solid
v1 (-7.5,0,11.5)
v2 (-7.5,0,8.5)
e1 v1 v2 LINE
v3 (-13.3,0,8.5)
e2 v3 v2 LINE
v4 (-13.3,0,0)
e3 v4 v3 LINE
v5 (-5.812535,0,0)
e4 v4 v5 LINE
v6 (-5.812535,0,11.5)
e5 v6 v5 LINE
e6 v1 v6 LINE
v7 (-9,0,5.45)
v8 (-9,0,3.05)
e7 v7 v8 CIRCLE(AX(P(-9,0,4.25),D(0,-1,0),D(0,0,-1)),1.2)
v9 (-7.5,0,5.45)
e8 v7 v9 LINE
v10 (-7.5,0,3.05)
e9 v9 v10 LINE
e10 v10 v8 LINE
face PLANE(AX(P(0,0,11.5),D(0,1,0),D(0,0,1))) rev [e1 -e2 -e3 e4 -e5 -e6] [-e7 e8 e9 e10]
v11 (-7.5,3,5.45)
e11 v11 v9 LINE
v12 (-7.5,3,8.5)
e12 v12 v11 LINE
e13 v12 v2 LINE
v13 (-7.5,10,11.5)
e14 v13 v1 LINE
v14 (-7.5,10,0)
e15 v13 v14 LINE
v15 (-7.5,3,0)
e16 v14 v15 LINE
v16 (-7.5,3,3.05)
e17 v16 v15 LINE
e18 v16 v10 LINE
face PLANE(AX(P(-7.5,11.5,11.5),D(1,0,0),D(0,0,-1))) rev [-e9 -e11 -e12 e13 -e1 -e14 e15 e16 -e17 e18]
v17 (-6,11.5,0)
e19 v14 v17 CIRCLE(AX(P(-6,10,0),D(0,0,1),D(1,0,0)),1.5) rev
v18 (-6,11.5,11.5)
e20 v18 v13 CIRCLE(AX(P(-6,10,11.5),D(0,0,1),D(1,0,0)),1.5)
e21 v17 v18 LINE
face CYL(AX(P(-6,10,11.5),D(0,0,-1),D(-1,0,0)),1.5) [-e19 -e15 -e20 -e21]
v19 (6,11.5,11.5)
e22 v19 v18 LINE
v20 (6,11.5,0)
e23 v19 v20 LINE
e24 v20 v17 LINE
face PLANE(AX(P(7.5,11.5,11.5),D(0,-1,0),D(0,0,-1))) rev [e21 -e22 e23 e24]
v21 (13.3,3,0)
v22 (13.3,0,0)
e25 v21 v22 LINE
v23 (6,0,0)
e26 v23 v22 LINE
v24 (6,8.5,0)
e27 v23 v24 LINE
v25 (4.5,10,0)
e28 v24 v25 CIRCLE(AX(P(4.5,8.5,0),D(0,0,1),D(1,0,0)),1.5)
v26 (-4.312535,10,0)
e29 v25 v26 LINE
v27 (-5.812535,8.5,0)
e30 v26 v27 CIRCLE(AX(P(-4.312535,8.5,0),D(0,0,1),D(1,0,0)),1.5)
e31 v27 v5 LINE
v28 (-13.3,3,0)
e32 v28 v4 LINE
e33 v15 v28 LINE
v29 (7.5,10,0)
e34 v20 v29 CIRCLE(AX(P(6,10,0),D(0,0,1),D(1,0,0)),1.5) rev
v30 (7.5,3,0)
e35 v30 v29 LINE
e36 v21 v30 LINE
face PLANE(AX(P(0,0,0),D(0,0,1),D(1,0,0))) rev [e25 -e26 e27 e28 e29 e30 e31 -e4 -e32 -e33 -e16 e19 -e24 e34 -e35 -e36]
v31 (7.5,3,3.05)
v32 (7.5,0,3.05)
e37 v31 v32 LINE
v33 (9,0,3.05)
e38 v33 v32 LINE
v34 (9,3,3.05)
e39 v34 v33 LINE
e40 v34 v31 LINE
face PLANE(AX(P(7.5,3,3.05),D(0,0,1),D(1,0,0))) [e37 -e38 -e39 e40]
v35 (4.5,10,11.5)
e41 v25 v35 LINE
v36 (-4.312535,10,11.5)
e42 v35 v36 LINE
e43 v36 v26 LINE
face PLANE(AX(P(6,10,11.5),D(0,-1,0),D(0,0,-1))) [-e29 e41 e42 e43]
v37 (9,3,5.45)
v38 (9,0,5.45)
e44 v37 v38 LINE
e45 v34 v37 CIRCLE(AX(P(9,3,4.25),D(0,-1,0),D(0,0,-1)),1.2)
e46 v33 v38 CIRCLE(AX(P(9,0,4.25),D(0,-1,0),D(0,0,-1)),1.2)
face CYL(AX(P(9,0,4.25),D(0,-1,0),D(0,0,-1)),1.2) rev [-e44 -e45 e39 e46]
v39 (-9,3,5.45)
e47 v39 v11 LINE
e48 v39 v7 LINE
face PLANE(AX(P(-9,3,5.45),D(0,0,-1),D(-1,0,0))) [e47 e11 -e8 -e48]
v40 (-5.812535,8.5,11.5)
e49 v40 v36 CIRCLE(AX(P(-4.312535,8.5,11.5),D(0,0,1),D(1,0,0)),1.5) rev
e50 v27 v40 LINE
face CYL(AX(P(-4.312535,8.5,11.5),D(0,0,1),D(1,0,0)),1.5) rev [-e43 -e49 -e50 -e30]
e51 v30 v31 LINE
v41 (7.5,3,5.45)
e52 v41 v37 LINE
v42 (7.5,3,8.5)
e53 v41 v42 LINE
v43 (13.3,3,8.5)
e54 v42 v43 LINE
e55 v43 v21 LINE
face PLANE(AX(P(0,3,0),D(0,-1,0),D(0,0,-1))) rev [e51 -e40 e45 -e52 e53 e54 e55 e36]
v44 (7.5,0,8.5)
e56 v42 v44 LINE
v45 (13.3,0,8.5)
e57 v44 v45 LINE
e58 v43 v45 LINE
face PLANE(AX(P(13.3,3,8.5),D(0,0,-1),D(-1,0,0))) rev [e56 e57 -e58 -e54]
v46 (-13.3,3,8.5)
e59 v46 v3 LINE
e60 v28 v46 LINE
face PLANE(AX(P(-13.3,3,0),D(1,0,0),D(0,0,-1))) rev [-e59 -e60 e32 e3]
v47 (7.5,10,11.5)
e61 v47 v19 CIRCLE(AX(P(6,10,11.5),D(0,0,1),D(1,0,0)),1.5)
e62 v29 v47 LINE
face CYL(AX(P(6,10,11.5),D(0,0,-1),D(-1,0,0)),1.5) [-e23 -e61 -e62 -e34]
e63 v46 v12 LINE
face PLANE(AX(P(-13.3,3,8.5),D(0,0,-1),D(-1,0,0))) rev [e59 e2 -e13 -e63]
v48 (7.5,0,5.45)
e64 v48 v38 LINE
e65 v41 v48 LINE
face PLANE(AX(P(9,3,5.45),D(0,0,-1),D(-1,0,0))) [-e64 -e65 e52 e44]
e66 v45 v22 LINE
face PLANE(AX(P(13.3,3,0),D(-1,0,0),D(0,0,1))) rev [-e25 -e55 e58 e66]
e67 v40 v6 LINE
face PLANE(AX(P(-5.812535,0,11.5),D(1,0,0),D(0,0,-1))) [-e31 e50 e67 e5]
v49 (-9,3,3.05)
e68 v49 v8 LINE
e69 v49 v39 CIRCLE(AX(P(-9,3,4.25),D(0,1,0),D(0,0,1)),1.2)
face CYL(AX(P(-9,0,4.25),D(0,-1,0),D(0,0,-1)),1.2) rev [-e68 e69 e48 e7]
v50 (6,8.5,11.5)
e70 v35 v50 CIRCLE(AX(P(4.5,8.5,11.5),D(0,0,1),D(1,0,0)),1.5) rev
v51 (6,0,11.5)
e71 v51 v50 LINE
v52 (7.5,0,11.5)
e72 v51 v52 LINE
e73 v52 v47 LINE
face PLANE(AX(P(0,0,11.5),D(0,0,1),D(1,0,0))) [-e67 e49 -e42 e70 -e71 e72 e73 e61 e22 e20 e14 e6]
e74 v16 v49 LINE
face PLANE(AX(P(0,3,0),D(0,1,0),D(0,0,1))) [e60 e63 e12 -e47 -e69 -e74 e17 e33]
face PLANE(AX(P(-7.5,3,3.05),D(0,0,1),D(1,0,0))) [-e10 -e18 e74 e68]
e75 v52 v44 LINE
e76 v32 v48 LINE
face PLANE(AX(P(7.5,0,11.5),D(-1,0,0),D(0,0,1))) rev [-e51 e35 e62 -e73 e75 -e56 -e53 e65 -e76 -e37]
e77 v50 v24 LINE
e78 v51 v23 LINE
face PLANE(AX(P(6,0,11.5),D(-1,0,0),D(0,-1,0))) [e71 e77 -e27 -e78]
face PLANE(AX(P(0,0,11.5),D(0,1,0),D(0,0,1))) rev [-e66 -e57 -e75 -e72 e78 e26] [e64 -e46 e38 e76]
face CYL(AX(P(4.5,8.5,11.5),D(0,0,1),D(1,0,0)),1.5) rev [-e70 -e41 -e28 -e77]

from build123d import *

# Parameters (mm, degrees)
EXTRUDE_1_DEPTH     = 11.5
SKETCH_3_W          = 11.812534662
SKETCH_3_H          = 10
CUT_EXTRUDE_1_DEPTH = 11.5
FILLET_1_R          = 1.5
FILLET_2_R          = 1.5
FILLET_3_R          = 1.5
FILLET_4_R          = 1.5
SKETCH_5_W          = 5.8
SKETCH_5_H          = 8.5
EXTRUDE_2_DEPTH     = 3
HOLE_WIZARD_M2_1_D  = 2.4
SKETCH_9_W          = 1.5
SKETCH_9_H          = 2.4
CUT_EXTRUDE_4_DEPTH = 3


with BuildPart() as part:
    # ｽｹｯﾁ1 → ﾎﾞｽ - 押し出し1 (new body)
    with BuildSketch(Plane.XY):
        Polygon((0, 0), (7.5, 0), (7.5, 11.5), (-7.5, 11.5), (-7.5, 0), align=None)
    extrude(amount=EXTRUDE_1_DEPTH)

    # ｽｹｯﾁ3 → ｶｯﾄ - 押し出し1 (cut)
    with BuildSketch(Plane.XY):
        with Locations((0.093732669, 5)):
            Rectangle(SKETCH_3_W, SKETCH_3_H)
    extrude(amount=CUT_EXTRUDE_1_DEPTH, mode=Mode.SUBTRACT)

    # ﾌｨﾚｯﾄ1
    fillet_1_edges = [part.edges().sort_by_distance(p)[0] for p in [
        (6, 10, 5.75),
    ]]
    fillet(fillet_1_edges, radius=FILLET_1_R)

    # ﾌｨﾚｯﾄ2
    fillet_2_edges = [part.edges().sort_by_distance(p)[0] for p in [
        (-5.812534662, 10, 5.75),
    ]]
    fillet(fillet_2_edges, radius=FILLET_2_R)

    # ﾌｨﾚｯﾄ3
    fillet_3_edges = [part.edges().sort_by_distance(p)[0] for p in [
        (7.5, 11.5, 5.75),
    ]]
    fillet(fillet_3_edges, radius=FILLET_3_R)

    # ﾌｨﾚｯﾄ4
    fillet_4_edges = [part.edges().sort_by_distance(p)[0] for p in [
        (-7.5, 11.5, 5.75),
    ]]
    fillet(fillet_4_edges, radius=FILLET_4_R)

    # ｽｹｯﾁ5 → ﾎﾞｽ - 押し出し2 (add)
    with BuildSketch(Plane(origin=(0, 0, 0), x_dir=(1, 0, 0), z_dir=(0, 1, 0))):
        with Locations((-10.4, -4.25)):
            Rectangle(SKETCH_5_W, SKETCH_5_H)
        with Locations((10.4, -4.25)):
            Rectangle(SKETCH_5_W, SKETCH_5_H)
    extrude(amount=EXTRUDE_2_DEPTH)

    # M2 すきま穴1 (through all)
    with Locations(Plane(origin=(0, 0, 0), x_dir=(-1, 0, 0), z_dir=(0, -1, 0))):
        with Locations((9, -4.25), (-9, -4.25)):
            Hole(HOLE_WIZARD_M2_1_D / 2)

    # ｽｹｯﾁ9 → ｶｯﾄ - 押し出し4 (cut)
    with BuildSketch(Plane(origin=(0, 0, 0), x_dir=(1, 0, 0), z_dir=(0, 1, 0))):
        with Locations((8.25, -4.25)):
            Rectangle(SKETCH_9_W, SKETCH_9_H)
        with Locations((-8.25, -4.25)):
            Rectangle(SKETCH_9_W, SKETCH_9_H)
    extrude(amount=CUT_EXTRUDE_4_DEPTH, mode=Mode.SUBTRACT)


solid = part.part
